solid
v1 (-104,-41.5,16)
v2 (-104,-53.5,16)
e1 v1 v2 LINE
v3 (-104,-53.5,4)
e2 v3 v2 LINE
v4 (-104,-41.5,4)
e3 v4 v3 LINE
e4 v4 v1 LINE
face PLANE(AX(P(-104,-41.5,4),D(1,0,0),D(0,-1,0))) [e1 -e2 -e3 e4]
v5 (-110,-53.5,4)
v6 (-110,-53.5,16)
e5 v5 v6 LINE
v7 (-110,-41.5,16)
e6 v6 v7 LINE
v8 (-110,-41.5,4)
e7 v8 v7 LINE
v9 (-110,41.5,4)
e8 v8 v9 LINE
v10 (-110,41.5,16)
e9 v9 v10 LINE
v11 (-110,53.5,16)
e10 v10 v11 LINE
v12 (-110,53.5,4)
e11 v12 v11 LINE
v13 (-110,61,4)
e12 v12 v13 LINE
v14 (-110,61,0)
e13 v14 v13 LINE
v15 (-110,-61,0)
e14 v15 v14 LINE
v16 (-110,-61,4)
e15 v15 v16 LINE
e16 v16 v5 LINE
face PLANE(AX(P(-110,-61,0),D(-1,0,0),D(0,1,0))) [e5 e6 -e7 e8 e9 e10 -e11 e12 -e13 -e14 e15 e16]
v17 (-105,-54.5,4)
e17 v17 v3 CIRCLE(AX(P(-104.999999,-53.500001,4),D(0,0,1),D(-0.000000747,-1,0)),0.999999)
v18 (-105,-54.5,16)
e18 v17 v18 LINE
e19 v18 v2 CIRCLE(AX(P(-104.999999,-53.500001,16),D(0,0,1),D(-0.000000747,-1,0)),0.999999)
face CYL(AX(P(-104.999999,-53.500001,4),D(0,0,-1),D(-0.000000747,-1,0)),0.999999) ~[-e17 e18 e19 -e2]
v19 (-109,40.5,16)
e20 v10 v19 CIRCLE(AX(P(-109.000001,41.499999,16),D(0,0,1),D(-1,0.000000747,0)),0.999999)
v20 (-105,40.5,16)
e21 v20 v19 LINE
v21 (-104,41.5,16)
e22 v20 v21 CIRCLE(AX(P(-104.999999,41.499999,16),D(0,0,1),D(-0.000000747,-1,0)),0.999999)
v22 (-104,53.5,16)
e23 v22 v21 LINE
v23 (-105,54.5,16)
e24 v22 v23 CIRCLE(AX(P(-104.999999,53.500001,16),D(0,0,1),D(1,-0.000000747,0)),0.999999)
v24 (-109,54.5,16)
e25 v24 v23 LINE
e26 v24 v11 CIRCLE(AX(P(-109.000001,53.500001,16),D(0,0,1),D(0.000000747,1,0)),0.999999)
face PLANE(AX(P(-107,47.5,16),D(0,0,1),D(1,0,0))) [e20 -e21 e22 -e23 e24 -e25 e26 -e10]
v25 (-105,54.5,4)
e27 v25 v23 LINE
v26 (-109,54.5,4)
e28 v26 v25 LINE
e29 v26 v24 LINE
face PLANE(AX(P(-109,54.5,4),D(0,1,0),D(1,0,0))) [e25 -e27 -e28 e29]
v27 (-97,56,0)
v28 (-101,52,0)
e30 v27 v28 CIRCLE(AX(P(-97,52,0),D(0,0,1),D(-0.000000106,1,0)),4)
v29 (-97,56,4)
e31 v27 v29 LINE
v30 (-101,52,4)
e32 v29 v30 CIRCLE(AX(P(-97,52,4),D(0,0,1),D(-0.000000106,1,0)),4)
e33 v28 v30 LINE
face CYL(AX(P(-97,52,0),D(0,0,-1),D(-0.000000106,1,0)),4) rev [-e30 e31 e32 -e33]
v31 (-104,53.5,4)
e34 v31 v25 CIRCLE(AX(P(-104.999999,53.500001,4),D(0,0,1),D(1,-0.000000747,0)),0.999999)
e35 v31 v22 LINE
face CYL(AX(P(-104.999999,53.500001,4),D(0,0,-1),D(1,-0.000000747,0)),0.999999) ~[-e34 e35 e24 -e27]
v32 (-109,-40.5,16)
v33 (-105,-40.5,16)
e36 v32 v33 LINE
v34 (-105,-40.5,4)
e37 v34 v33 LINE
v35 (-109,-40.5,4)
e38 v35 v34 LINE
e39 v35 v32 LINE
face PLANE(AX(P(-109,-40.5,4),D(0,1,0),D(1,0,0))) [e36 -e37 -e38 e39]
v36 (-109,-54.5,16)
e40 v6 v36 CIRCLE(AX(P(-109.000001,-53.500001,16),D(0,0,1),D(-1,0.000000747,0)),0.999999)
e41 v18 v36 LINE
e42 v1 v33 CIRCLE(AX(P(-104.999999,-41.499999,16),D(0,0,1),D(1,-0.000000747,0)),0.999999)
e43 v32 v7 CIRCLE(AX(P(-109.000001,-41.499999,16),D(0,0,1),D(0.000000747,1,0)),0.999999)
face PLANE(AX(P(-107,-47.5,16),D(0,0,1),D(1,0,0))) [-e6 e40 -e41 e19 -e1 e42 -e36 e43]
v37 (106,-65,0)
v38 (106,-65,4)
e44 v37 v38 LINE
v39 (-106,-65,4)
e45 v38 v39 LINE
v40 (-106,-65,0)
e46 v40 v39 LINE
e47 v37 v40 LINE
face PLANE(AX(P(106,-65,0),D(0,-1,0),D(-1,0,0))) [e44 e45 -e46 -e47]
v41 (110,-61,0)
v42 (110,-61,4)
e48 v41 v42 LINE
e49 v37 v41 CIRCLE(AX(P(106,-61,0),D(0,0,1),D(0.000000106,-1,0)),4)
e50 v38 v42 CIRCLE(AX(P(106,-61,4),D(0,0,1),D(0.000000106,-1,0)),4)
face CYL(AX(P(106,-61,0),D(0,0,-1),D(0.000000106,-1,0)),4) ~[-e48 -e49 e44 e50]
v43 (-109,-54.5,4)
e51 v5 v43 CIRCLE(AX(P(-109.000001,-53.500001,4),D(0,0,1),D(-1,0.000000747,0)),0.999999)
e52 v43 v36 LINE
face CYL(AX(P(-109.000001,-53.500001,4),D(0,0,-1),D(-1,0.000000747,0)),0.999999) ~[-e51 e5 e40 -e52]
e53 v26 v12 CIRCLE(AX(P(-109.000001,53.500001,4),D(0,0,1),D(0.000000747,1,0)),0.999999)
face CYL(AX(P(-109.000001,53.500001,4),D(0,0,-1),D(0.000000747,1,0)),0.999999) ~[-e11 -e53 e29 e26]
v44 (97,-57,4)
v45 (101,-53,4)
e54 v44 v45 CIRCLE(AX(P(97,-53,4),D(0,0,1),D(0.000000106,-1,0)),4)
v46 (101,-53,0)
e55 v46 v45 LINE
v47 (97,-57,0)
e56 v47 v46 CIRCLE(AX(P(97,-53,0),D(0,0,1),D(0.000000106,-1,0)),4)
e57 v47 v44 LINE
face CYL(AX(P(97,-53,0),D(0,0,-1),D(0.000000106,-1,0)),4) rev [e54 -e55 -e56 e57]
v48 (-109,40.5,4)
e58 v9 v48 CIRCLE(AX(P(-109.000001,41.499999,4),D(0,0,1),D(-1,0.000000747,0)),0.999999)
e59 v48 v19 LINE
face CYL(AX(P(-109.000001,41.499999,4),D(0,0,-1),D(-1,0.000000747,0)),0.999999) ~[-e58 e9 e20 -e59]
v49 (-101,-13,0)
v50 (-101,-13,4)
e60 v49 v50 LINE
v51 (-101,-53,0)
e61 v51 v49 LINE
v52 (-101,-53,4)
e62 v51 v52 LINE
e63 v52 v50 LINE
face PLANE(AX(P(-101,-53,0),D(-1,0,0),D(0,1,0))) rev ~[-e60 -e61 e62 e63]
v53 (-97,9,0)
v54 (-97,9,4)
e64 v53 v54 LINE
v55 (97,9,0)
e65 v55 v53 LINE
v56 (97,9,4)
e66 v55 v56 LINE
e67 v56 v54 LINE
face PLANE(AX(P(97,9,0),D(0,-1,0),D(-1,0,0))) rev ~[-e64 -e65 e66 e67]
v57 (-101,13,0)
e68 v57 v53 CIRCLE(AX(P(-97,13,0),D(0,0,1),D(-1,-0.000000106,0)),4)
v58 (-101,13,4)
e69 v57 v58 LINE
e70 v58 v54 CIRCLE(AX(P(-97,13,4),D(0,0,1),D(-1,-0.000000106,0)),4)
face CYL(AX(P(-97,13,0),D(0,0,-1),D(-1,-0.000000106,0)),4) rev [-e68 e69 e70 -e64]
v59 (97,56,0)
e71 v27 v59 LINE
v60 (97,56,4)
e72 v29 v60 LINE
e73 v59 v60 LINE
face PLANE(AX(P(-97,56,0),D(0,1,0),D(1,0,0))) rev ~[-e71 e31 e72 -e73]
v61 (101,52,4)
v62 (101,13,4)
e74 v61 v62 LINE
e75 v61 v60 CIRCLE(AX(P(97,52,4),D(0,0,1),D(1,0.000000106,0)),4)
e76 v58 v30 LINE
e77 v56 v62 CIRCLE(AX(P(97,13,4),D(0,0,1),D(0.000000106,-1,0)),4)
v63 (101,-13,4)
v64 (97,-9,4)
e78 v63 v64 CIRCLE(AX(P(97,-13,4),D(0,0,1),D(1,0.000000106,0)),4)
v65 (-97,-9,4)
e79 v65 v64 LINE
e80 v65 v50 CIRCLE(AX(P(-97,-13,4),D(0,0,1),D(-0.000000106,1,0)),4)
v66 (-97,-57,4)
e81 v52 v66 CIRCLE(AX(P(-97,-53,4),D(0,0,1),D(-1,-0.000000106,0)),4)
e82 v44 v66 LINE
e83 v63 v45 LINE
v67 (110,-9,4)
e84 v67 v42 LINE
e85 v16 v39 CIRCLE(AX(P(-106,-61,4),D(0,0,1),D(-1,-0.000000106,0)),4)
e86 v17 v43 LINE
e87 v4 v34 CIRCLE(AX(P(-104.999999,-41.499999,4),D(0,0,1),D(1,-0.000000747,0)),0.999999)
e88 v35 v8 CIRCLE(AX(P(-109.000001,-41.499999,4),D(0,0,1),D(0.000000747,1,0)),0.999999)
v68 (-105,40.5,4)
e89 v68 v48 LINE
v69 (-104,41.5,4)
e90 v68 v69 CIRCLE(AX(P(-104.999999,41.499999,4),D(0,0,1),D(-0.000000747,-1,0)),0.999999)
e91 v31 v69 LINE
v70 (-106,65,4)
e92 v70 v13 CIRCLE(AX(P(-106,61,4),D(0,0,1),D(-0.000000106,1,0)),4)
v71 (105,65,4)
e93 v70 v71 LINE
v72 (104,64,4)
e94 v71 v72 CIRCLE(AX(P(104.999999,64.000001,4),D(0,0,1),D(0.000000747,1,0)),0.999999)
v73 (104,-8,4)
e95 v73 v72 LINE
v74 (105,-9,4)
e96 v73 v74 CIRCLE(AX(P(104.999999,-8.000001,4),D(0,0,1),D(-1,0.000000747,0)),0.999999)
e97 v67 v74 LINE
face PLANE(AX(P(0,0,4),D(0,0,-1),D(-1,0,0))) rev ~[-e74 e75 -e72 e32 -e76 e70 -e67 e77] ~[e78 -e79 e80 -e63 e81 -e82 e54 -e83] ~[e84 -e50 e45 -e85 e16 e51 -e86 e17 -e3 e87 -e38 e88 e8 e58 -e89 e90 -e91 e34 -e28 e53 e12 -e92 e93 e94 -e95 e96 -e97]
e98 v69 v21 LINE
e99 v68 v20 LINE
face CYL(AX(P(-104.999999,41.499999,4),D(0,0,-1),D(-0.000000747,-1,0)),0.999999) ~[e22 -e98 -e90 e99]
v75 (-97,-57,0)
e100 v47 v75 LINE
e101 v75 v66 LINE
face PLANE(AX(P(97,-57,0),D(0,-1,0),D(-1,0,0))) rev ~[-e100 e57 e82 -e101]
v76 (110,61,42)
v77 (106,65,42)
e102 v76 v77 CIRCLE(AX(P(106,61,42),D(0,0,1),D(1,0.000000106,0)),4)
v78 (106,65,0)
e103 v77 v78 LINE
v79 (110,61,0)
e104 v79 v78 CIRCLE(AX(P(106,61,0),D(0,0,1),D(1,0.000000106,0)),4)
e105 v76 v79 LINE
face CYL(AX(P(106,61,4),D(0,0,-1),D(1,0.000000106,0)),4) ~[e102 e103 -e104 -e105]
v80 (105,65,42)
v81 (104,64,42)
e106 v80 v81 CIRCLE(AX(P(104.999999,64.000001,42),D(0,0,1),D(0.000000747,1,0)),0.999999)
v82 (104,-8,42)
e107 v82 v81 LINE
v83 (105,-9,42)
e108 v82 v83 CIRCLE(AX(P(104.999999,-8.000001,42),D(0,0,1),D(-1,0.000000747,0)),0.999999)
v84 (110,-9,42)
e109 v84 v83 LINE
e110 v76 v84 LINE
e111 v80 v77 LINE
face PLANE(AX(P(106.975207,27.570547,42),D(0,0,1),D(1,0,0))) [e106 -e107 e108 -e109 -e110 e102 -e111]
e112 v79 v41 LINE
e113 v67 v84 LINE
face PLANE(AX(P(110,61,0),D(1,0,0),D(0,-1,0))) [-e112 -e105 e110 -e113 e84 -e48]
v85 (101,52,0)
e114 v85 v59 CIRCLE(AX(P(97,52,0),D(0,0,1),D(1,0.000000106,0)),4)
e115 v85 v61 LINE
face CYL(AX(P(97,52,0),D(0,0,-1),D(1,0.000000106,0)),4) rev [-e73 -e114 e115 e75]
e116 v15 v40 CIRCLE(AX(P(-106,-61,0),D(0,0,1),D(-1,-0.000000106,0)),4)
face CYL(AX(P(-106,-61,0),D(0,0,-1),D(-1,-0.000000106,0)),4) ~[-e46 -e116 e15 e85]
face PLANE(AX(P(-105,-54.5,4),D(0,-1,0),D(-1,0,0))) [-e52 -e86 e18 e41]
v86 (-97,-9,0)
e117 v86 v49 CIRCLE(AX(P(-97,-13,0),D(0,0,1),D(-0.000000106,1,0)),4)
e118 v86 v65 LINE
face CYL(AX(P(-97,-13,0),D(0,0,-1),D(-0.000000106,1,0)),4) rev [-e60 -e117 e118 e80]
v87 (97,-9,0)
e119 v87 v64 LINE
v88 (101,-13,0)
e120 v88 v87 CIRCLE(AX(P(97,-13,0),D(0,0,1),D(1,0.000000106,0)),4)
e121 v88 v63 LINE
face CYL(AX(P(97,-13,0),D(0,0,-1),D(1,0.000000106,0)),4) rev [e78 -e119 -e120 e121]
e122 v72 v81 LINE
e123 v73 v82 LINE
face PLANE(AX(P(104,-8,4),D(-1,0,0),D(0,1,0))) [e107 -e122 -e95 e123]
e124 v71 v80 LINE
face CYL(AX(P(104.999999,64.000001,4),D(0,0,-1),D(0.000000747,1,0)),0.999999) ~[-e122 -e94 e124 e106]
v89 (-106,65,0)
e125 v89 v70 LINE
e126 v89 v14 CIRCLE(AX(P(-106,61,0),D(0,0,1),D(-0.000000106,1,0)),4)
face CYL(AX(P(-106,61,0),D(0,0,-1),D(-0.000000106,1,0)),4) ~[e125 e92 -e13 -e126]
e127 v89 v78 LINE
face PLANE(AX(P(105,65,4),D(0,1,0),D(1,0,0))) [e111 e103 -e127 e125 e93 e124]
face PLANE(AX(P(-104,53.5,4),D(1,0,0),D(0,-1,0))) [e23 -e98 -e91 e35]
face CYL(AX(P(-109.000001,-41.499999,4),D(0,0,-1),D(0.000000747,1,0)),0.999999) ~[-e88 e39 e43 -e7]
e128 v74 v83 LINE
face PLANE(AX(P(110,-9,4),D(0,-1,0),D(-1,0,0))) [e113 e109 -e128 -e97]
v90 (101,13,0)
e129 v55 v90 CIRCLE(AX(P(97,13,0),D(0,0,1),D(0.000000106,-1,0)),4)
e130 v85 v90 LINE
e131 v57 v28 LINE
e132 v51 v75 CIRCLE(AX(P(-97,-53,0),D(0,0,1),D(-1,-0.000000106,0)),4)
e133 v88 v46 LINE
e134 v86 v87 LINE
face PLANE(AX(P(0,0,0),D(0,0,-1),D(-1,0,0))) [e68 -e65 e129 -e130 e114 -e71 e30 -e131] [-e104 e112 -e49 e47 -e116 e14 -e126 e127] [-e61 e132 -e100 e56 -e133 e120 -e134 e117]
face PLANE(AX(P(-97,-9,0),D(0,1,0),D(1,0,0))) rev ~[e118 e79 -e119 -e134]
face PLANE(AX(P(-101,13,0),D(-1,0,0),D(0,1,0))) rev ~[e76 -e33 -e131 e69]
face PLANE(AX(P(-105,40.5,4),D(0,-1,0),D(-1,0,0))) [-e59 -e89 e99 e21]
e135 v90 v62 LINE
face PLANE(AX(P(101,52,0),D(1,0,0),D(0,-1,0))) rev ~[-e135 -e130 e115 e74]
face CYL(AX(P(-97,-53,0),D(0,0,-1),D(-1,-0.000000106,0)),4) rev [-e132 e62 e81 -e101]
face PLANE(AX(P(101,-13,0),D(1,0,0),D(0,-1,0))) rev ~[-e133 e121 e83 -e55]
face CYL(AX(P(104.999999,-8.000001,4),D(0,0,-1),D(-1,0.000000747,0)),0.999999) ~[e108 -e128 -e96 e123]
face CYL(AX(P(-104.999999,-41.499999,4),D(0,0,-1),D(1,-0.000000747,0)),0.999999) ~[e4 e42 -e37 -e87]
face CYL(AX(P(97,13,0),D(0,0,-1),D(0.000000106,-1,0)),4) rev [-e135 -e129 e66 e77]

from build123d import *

# Parameters (mm, degrees)
PAD_DEPTH       = 4
PAD001_DEPTH    = 38
PAD002_DEPTH    = 12
SKETCH009_R     = 1.4
POCKET001_DEPTH = 8


with BuildPart() as part:
    # Sketch → Pad (new body)
    with BuildSketch(Plane.XY):
        with BuildLine():
            Line((-106, 65), (106, 65))
            ThreePointArc((110, 61), (108.828427, 63.828427), (106, 65))
            Line((110, 61), (110, -61))
            ThreePointArc((106, -65), (108.828427, -63.828427), (110, -61))
            Line((106, -65), (-106, -65))
            ThreePointArc((-110, -61), (-108.828427, -63.828427), (-106, -65))
            Line((-110, -61), (-110, 61))
            ThreePointArc((-106, 65), (-108.828427, 63.828427), (-110, 61))
        make_face()
        with BuildLine():
            ThreePointArc((-97, -9), (-99.828427, -10.171573), (-101, -13))
            Line((-101, -53), (-101, -13))
            ThreePointArc((-101, -53), (-99.828427, -55.828427), (-97, -57))
            Line((97, -57), (-97, -57))
            ThreePointArc((97, -57), (99.828427, -55.828427), (101, -53))
            Line((101, -13), (101, -53))
            ThreePointArc((101, -13), (99.828427, -10.171573), (97, -9))
            Line((-97, -9), (97, -9))
        make_face(mode=Mode.SUBTRACT)
        with BuildLine():
            ThreePointArc((-97, 56), (-99.828427, 54.828427), (-101, 52))
            Line((-101, 13), (-101, 52))
            ThreePointArc((-101, 13), (-99.828427, 10.171573), (-97, 9))
            Line((97, 9), (-97, 9))
            ThreePointArc((97, 9), (99.828427, 10.171573), (101, 13))
            Line((101, 52), (101, 13))
            ThreePointArc((101, 52), (99.828427, 54.828427), (97, 56))
            Line((-97, 56), (97, 56))
        make_face(mode=Mode.SUBTRACT)
    extrude(amount=PAD_DEPTH)

    # Sketch006 (on Face26 of Pad) → Pad001 (join)
    with BuildSketch(Plane.XY.offset(4)):
        with BuildLine():
            ThreePointArc((105, 65), (104.292893, 64.707107), (104, 64))
            Line((104, -8), (104, 64))
            ThreePointArc((104, -8), (104.292893, -8.707107), (105, -9))
            Line((110, -9), (105, -9))
            Line((110, 61), (110, -9))
            ThreePointArc((110, 61), (108.828427, 63.828427), (106, 65))
            Line((105, 65), (106, 65))
        make_face()
    extrude(amount=PAD001_DEPTH)

    # Sketch008 → Pad002 (join)
    with BuildSketch(Plane.XY.offset(4)):
        with BuildLine():
            ThreePointArc((-109, 54.5), (-109.707107, 54.207107), (-110, 53.5))
            Line((-110, 41.5), (-110, 53.5))
            ThreePointArc((-110, 41.5), (-109.707107, 40.792893), (-109, 40.5))
            Line((-105, 40.5), (-109, 40.5))
            ThreePointArc((-105, 40.5), (-104.292893, 40.792893), (-104, 41.5))
            Line((-104, 53.5), (-104, 41.5))
            ThreePointArc((-104, 53.5), (-104.292893, 54.207107), (-105, 54.5))
            Line((-109, 54.5), (-105, 54.5))
        make_face()
        with BuildLine():
            ThreePointArc((-109, -40.5), (-109.707107, -40.792893), (-110, -41.5))
            Line((-110, -53.5), (-110, -41.5))
            ThreePointArc((-110, -53.5), (-109.707107, -54.207107), (-109, -54.5))
            Line((-105, -54.5), (-109, -54.5))
            ThreePointArc((-105, -54.5), (-104.292893, -54.207107), (-104, -53.5))
            Line((-104, -41.5), (-104, -53.5))
            ThreePointArc((-104, -41.5), (-104.292893, -40.792893), (-105, -40.5))
            Line((-109, -40.5), (-105, -40.5))
        make_face()
    extrude(amount=PAD002_DEPTH)

    # Sketch009 (on Face7 of Pad002) → Pocket001 (cut)
    with BuildSketch(Plane(origin=(-110, 0, 0), x_dir=(0, -1, 0), z_dir=(-1, 0, 0))):
        with Locations((2, 9)):
            Circle(SKETCH009_R)
        with Locations((97, 9)):
            Circle(SKETCH009_R)
    extrude(amount=-POCKET001_DEPTH, mode=Mode.SUBTRACT)


solid = part.part
